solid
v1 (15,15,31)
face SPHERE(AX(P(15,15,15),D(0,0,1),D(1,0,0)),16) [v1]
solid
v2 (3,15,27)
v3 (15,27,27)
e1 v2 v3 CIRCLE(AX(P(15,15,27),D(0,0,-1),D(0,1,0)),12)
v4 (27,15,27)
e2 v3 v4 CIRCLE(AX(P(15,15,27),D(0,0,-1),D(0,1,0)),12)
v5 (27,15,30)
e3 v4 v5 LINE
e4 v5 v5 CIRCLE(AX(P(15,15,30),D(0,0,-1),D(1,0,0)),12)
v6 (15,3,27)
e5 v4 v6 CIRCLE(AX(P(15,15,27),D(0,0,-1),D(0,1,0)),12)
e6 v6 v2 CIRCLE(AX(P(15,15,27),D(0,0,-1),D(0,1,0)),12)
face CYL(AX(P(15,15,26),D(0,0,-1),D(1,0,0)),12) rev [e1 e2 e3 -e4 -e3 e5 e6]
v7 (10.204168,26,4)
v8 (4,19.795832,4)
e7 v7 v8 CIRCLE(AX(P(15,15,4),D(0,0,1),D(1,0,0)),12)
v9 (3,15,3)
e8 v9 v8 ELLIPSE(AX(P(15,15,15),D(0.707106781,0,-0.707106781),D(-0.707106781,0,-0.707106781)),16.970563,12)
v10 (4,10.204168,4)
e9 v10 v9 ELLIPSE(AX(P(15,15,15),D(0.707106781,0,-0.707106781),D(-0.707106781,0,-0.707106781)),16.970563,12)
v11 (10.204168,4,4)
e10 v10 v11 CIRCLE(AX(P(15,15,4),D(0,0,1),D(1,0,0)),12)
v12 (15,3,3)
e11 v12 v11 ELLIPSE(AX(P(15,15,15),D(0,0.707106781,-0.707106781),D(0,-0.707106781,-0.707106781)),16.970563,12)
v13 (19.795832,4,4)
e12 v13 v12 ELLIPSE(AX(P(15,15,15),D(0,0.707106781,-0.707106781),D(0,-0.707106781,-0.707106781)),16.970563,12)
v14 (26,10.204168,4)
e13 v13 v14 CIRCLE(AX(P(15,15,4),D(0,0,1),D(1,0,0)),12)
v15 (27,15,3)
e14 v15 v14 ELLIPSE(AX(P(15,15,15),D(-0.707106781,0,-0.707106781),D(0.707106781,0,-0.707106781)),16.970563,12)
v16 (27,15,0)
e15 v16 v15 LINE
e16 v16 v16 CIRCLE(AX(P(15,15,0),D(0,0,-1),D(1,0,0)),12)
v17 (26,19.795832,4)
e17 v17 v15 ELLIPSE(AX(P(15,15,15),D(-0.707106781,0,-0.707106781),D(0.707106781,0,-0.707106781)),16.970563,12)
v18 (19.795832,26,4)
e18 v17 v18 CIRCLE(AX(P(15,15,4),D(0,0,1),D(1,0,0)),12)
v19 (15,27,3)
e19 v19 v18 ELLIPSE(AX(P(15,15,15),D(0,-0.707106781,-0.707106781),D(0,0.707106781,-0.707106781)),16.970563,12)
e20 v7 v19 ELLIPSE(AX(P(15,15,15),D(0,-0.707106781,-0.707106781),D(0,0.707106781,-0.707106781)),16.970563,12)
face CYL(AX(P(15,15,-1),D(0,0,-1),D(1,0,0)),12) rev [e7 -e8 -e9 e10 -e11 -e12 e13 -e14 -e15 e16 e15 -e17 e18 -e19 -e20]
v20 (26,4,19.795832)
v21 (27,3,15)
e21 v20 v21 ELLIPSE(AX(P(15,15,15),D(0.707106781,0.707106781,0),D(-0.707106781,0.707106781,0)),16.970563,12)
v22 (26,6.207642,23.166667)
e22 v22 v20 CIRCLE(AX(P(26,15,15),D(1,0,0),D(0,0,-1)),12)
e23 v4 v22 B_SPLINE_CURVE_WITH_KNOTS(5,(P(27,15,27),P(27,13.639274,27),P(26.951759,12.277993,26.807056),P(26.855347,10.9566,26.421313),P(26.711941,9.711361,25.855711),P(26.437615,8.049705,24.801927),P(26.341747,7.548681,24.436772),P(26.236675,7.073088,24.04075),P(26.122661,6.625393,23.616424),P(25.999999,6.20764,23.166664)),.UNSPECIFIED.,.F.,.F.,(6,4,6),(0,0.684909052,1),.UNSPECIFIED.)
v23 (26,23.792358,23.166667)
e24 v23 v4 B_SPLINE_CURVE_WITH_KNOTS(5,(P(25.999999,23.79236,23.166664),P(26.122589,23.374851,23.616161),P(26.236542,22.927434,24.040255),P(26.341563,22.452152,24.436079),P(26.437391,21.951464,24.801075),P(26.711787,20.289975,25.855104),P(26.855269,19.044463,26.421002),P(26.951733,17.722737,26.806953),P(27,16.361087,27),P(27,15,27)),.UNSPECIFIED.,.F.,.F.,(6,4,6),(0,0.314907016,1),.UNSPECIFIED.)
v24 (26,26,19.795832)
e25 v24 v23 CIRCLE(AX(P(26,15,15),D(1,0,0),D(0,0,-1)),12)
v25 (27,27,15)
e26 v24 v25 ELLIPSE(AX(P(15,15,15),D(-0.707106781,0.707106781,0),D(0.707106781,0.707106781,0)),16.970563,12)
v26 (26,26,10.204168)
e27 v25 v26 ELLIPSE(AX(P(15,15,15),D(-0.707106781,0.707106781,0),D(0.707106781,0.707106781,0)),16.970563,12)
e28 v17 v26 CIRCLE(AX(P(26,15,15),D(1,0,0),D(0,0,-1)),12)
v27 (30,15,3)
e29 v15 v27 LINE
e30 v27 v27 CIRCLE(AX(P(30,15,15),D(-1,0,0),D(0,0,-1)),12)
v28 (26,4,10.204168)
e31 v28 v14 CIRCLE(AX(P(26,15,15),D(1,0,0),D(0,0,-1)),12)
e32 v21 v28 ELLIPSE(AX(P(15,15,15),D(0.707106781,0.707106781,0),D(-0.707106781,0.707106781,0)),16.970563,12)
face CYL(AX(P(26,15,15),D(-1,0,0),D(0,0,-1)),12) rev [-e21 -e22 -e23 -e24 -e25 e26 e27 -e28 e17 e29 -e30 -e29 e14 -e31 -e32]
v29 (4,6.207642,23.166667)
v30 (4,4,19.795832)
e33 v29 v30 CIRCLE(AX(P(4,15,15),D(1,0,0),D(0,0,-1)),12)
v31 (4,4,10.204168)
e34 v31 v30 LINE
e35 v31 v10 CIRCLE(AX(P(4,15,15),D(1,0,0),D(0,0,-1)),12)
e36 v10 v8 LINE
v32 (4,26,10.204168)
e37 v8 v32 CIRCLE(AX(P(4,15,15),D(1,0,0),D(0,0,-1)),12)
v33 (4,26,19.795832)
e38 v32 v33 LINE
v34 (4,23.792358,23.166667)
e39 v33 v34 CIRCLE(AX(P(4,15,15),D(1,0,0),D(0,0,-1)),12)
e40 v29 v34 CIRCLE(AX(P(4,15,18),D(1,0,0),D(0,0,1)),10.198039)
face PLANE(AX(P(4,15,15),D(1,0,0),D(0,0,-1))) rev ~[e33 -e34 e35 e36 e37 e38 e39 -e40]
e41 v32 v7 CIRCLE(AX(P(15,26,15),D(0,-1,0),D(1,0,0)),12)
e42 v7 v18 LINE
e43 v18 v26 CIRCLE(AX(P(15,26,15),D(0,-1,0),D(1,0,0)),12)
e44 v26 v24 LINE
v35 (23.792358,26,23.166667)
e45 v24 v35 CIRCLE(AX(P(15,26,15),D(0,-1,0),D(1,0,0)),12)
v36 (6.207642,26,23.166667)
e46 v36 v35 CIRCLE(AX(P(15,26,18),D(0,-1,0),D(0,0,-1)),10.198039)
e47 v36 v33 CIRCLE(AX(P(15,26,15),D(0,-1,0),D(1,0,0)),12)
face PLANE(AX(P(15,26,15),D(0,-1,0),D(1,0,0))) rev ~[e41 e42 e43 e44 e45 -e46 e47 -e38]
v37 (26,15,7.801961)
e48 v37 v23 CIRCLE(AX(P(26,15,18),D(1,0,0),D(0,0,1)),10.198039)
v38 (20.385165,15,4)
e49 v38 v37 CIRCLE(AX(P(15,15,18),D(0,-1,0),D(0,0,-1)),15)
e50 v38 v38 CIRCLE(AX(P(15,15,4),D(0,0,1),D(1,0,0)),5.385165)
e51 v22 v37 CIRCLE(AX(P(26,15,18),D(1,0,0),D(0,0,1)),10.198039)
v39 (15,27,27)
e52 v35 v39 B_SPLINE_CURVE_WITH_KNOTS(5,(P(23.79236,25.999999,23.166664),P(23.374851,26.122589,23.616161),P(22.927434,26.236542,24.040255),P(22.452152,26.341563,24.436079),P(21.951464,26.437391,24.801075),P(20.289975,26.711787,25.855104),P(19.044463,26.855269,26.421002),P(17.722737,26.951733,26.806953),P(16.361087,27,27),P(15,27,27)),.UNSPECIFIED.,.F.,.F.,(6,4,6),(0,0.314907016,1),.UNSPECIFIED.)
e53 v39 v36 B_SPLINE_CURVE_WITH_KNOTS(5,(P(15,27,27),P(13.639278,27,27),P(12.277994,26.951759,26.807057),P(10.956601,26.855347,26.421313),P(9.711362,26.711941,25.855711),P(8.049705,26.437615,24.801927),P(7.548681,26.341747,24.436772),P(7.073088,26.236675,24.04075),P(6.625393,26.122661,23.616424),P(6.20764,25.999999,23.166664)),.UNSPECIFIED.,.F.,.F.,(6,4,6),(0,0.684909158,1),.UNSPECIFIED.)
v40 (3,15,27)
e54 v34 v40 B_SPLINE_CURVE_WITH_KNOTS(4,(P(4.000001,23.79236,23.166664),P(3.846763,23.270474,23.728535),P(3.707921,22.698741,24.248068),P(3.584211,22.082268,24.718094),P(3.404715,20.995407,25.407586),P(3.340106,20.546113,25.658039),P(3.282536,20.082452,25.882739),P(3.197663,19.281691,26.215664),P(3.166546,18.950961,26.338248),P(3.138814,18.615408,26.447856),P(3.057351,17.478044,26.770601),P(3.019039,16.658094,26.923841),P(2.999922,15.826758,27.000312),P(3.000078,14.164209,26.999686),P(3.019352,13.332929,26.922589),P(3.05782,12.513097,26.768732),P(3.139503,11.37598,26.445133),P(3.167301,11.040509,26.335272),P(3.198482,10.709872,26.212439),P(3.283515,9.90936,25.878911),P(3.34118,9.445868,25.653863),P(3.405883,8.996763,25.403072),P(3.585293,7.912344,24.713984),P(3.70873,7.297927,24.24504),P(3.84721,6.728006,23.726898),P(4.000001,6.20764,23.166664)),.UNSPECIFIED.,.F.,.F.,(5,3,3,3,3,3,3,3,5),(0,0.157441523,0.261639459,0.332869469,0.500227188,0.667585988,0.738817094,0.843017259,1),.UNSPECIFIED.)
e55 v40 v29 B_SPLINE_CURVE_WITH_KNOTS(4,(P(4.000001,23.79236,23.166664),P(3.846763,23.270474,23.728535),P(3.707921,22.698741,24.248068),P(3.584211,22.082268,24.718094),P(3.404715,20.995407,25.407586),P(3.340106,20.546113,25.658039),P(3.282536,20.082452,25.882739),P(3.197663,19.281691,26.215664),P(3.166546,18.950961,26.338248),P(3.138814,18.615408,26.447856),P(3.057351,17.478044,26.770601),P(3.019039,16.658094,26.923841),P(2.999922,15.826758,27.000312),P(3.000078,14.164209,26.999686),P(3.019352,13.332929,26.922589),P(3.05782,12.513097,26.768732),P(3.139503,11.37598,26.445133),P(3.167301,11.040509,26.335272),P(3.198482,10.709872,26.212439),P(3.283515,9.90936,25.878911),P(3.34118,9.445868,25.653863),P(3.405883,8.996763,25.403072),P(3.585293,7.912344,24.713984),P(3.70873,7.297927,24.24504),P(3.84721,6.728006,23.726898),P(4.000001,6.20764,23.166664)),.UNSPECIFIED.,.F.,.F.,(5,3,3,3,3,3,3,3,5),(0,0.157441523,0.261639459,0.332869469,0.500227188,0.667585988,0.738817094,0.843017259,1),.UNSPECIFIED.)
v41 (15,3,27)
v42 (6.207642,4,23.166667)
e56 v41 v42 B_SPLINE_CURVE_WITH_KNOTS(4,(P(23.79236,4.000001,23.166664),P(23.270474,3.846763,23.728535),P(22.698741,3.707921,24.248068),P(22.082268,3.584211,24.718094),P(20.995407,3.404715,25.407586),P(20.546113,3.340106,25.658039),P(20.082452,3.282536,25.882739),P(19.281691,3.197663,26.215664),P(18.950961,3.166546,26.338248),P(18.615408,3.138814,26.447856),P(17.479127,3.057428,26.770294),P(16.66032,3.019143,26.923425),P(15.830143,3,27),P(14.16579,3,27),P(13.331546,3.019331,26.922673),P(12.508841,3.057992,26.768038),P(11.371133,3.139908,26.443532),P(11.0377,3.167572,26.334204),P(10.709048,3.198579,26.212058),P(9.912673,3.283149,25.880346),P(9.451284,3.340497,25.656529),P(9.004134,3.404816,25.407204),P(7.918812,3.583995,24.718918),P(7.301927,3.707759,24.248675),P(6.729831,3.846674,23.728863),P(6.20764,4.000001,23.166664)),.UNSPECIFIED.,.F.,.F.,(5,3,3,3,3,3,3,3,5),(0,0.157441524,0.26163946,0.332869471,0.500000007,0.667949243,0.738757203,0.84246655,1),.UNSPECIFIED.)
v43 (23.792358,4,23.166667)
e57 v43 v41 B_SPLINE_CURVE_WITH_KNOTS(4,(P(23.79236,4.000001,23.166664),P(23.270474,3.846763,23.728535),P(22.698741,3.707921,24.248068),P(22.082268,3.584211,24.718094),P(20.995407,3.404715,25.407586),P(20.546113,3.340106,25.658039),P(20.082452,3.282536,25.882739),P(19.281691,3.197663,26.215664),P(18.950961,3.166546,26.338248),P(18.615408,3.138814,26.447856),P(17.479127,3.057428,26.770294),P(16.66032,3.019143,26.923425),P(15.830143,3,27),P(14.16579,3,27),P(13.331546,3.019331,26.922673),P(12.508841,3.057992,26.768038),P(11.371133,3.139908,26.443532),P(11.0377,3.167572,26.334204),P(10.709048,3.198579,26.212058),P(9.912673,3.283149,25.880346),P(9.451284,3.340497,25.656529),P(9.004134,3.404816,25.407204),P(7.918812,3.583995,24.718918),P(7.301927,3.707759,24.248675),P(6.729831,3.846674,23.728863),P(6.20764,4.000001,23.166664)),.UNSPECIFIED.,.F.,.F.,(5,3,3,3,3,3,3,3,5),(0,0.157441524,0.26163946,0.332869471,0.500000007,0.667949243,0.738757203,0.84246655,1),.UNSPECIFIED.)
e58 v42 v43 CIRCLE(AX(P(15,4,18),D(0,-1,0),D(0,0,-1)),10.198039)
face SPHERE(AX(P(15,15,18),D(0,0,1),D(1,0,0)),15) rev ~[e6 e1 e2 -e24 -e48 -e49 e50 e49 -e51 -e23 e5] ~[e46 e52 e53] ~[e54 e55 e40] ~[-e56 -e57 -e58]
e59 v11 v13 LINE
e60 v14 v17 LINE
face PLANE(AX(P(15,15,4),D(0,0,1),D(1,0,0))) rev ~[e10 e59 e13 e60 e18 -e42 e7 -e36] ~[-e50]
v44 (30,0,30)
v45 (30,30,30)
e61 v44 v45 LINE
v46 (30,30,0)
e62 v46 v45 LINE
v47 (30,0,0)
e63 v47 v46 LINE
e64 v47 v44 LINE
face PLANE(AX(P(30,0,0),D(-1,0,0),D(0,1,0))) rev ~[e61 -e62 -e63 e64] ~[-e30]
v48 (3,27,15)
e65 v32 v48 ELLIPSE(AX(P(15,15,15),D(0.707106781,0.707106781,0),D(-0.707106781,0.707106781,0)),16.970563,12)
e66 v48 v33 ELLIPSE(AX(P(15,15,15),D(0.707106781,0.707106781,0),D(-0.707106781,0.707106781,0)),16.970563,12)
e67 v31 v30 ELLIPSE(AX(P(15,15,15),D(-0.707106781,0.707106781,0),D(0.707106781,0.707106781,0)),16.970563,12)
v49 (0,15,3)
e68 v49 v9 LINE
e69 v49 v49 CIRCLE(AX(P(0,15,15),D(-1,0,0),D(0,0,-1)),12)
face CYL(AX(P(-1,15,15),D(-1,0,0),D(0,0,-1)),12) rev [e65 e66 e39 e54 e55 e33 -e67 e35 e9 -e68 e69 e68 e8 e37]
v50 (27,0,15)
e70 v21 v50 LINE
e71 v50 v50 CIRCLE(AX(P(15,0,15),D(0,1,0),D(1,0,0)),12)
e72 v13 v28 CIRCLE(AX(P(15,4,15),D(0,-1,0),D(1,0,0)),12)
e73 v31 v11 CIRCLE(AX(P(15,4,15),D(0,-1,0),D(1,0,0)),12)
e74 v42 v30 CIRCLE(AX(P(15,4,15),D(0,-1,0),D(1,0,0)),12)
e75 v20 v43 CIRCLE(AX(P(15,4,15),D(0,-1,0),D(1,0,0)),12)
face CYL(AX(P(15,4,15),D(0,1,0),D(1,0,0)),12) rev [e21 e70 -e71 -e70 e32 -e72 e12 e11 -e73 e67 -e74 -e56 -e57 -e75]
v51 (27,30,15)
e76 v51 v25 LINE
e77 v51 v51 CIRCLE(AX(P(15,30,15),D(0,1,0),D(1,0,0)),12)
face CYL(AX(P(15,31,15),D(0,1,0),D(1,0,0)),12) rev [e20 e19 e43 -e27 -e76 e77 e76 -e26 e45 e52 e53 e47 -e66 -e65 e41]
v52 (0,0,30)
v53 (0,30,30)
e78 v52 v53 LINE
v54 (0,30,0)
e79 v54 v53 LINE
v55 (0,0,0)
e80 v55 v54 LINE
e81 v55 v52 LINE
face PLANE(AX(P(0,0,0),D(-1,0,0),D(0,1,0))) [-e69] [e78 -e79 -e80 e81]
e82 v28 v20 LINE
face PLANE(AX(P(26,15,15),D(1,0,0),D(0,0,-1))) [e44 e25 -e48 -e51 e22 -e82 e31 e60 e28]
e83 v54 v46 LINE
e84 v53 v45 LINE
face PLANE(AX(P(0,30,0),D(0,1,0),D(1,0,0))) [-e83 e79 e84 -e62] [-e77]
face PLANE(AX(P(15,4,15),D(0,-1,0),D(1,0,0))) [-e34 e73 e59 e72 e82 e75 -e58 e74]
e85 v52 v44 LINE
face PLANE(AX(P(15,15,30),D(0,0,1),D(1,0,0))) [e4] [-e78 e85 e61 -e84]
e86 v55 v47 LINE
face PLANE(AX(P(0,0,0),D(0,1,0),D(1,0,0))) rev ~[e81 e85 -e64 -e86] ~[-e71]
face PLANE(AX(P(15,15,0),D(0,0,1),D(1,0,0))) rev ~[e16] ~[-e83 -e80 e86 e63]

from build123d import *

# Parameters (mm, degrees)
CYLINDER001_R     = 12
CYLINDER001_DEPTH = 5
CYLINDER002_R     = 12
CYLINDER002_DEPTH = 5
CYLINDER003_R     = 12
CYLINDER003_DEPTH = 5
CYLINDER004_R     = 12
CYLINDER004_DEPTH = 5
CYLINDER005_R     = 12
CYLINDER005_DEPTH = 5
CYLINDER_R        = 12
CYLINDER_DEPTH    = 5
BOX_W             = 30
BOX_H             = 30
BOX_DEPTH         = 30


with BuildPart() as cylinder001:
    # Cylinder001 → Cylinder001 (new body)
    with BuildSketch(Plane(origin=(26, 15, 15), x_dir=(0, 0, -1), z_dir=(1, 0, 0))):
        Circle(CYLINDER001_R)
    extrude(amount=CYLINDER001_DEPTH)


with BuildPart() as cylinder002:
    # Cylinder002 → Cylinder002 (new body)
    with BuildSketch(Plane(origin=(-1, 15, 15), x_dir=(0, 0, -1), z_dir=(1, 0, 0))):
        Circle(CYLINDER002_R)
    extrude(amount=CYLINDER002_DEPTH)


with BuildPart() as cilindre:
    # Cylinder003 → Cylinder003 (new body)
    with BuildSketch(Plane(origin=(15, 4, 15), x_dir=(1, 0, 0), z_dir=(0, -1, 0))):
        Circle(CYLINDER003_R)
    extrude(amount=CYLINDER003_DEPTH)


with BuildPart() as cilindre001:
    # Cylinder004 → Cylinder004 (new body)
    with BuildSketch(Plane(origin=(15, 31, 15), x_dir=(1, 0, 0), z_dir=(0, -1, 0))):
        Circle(CYLINDER004_R)
    extrude(amount=CYLINDER004_DEPTH)


with BuildPart() as tall002:
    # Cylinder005 → Cylinder005 (new body)
    with BuildSketch(Plane(origin=(15, 15, -1), x_dir=(1, 0, 0), z_dir=(0, 0, 1))):
        Circle(CYLINDER005_R)
    extrude(amount=CYLINDER005_DEPTH)


with BuildPart() as tall1:
    # Cylinder → Cylinder (new body)
    with BuildSketch(Plane(origin=(15, 15, 26), x_dir=(1, 0, 0), z_dir=(0, 0, 1))):
        Circle(CYLINDER_R)
    extrude(amount=CYLINDER_DEPTH)


with BuildPart() as esfera_tall:
    # Sphere → Sphere (revolve)
    with BuildSketch(Plane(origin=(15, 15, 18), x_dir=(1, 0, 0), z_dir=(0, -1, 0))):
        with BuildLine():
            ThreePointArc((0, -15), (15, 0), (0, 15))
            Line((0, 15), (0, -15))
        make_face()
    revolve(axis=Axis((15, 15, 18), (0, 0, 1)))


with BuildPart() as cut006:
    # Box → Box (new body)
    with BuildSketch(Plane.XY):
        with Locations((15, 15)):
            Rectangle(BOX_W, BOX_H)
    extrude(amount=BOX_DEPTH)

    # Cut: cut Esfera tall
    add(esfera_tall.part, mode=Mode.SUBTRACT)

    # Cut001: cut Tall1
    add(tall1.part, mode=Mode.SUBTRACT)

    # Cut002: cut Tall002
    add(tall002.part, mode=Mode.SUBTRACT)

    # Cut003: cut Cilindre001
    add(cilindre001.part, mode=Mode.SUBTRACT)

    # Cut004: cut Cilindre
    add(cilindre.part, mode=Mode.SUBTRACT)

    # Cut005: cut Cylinder002
    add(cylinder002.part, mode=Mode.SUBTRACT)

    # Cut006: cut Cylinder001
    add(cylinder001.part, mode=Mode.SUBTRACT)


with BuildPart() as esfera:
    # Sphere001 → Sphere001 (revolve)
    with BuildSketch(Plane(origin=(15, 15, 15), x_dir=(1, 0, 0), z_dir=(0, -1, 0))):
        with BuildLine():
            ThreePointArc((0, -16), (16, 0), (0, 16))
            Line((0, 16), (0, -16))
        make_face()
    revolve(axis=Axis((15, 15, 15), (0, 0, 1)))


solid = Compound([cut006.part, esfera.part])
